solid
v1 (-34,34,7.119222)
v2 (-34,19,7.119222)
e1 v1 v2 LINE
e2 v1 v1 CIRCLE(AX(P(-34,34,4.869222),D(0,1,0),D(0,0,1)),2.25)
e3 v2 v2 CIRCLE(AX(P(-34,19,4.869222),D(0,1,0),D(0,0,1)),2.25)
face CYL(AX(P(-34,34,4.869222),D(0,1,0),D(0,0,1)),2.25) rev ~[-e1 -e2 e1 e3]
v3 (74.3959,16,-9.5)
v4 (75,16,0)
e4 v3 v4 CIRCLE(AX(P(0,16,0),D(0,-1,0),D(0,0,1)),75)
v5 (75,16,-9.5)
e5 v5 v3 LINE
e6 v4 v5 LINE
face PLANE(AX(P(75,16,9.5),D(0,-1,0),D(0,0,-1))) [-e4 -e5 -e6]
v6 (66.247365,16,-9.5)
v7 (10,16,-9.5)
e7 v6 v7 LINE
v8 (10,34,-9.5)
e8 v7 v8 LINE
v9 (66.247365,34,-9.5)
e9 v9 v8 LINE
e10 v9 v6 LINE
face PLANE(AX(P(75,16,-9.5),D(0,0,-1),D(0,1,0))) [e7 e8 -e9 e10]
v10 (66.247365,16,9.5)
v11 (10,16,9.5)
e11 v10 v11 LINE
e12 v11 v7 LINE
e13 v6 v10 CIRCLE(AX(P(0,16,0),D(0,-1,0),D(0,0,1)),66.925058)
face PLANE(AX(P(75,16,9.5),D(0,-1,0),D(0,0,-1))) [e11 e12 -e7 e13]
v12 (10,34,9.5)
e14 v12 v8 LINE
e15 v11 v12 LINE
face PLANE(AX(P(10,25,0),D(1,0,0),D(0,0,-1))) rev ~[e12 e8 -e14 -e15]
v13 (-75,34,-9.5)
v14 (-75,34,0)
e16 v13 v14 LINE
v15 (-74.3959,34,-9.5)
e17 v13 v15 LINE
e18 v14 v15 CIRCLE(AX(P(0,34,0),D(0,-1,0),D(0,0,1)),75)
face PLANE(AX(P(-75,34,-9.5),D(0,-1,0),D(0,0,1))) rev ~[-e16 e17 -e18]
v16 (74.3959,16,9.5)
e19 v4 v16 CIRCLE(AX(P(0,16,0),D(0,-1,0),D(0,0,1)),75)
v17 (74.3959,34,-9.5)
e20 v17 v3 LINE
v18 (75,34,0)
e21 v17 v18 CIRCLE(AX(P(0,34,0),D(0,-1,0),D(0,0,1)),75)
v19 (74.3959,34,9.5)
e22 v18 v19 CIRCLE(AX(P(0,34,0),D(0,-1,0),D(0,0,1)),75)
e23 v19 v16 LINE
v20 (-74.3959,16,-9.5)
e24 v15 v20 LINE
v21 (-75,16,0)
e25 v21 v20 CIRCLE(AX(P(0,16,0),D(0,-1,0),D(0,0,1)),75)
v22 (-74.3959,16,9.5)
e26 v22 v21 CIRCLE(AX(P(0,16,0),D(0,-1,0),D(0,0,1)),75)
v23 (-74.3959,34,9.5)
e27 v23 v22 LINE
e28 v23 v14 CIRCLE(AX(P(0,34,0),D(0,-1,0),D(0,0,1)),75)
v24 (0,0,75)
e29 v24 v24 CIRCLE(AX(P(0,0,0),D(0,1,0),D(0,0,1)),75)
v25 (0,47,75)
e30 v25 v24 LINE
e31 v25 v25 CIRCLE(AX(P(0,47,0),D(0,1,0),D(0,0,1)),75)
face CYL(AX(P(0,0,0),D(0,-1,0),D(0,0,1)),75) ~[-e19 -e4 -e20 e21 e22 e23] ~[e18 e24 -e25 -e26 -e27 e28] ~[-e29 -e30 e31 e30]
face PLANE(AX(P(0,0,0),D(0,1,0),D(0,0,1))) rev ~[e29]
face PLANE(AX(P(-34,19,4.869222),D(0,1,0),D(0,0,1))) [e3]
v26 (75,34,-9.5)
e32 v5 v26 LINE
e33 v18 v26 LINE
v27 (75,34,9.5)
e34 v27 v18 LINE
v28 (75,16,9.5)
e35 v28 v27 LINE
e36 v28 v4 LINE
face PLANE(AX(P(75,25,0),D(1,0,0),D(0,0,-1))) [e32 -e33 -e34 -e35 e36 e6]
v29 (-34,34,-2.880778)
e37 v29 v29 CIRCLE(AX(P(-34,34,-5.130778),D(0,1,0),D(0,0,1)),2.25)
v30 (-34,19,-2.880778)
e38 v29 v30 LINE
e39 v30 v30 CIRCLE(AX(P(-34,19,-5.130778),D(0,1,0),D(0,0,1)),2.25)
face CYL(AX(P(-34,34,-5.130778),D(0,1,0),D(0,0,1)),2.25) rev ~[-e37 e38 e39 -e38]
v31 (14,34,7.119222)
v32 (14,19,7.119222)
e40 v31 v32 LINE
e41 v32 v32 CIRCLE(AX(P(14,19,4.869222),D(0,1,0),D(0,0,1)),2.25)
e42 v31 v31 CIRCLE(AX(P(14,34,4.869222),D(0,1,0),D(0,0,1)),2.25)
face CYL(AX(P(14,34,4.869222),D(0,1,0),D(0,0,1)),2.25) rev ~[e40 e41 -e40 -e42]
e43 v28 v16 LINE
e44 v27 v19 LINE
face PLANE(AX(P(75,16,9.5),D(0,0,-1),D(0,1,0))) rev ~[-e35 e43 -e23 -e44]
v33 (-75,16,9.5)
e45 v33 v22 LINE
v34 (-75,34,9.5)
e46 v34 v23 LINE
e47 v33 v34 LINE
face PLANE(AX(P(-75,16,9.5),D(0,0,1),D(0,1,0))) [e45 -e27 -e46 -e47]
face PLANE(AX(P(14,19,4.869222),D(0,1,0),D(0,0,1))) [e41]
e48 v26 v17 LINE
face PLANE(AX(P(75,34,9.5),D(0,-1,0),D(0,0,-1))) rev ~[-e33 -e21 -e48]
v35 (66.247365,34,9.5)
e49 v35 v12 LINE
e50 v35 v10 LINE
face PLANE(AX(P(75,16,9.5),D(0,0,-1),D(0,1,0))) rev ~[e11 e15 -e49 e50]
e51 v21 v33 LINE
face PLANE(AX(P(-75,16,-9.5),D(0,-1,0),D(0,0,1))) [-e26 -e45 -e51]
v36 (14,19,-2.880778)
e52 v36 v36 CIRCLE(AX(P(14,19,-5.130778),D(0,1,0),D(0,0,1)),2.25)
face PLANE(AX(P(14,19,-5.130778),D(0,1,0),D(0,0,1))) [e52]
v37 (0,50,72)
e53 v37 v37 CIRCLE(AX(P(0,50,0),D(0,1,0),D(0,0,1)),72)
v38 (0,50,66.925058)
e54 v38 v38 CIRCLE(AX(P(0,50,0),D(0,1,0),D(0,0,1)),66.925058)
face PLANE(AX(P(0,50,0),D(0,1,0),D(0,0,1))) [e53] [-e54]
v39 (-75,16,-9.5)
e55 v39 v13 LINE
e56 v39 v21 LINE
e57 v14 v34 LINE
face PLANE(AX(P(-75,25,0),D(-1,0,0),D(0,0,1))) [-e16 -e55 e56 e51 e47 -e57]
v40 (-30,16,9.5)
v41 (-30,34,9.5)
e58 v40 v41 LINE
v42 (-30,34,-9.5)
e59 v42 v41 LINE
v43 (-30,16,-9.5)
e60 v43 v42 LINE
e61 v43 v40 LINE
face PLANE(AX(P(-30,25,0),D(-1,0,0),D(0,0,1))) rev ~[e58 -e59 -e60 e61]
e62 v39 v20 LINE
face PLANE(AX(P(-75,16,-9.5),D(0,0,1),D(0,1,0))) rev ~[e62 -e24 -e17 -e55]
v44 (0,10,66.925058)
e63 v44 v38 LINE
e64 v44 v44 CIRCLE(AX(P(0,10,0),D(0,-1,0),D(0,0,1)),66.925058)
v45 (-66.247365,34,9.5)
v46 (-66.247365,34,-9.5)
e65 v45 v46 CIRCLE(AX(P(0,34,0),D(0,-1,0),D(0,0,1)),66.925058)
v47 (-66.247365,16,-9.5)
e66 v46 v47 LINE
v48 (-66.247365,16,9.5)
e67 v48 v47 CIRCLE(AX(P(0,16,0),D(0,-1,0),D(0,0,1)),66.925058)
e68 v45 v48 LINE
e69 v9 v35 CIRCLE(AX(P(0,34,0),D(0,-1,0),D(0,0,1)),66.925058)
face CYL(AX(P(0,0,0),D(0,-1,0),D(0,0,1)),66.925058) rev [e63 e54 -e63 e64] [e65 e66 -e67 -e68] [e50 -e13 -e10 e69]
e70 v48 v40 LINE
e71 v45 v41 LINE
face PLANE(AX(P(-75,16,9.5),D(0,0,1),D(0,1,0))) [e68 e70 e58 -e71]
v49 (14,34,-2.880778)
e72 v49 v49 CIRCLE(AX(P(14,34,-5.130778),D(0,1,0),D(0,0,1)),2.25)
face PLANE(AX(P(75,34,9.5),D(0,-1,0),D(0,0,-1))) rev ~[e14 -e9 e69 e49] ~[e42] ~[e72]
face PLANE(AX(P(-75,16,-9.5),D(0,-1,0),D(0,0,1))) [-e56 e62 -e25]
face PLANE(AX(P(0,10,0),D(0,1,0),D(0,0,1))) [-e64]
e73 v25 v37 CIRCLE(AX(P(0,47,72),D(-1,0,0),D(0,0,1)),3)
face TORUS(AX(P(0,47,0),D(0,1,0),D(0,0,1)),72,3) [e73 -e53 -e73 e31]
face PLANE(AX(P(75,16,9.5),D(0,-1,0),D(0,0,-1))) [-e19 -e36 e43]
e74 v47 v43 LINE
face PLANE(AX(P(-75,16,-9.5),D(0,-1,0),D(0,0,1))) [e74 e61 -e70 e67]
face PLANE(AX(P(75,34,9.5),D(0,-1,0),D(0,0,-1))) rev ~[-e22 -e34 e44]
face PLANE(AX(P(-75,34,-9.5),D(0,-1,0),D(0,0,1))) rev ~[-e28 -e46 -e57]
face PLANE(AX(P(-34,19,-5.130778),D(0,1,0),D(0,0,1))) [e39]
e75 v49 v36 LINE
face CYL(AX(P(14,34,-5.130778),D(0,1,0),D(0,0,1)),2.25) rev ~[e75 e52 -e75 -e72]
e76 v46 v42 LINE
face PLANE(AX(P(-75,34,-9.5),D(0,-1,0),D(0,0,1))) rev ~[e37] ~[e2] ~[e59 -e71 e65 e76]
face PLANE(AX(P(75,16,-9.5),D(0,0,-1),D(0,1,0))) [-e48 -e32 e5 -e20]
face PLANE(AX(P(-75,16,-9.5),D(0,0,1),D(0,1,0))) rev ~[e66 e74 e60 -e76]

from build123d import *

# Parameters (mm, degrees)
SKETCH1_R           = 75
BOSS_EXTRUDE3_DEPTH = 10
SKETCH1_4_R         = 75
SKETCH1_4_R_2       = 66.925057636
BOSS_EXTRUDE4_DEPTH = 50
SKETCH3_W           = 19
SKETCH3_H           = 18
BOSS_EXTRUDE5_DEPTH = 65
SKETCH4_W           = 19
SKETCH4_H           = 18
BOSS_EXTRUDE6_DEPTH = 45
SKETCH5_R           = 2.25
CUT_EXTRUDE1_DEPTH  = 15
FILLET2_R           = 3


with BuildPart() as part:
    # Sketch1 → Boss-Extrude3 (new body)
    with BuildSketch(Plane(origin=(0, 0, 0), x_dir=(1, 0, 0), z_dir=(0, 1, 0))):
        Circle(SKETCH1_R)
    extrude(amount=BOSS_EXTRUDE3_DEPTH)

    # Sketch1<4> → Boss-Extrude4 (add)
    with BuildSketch(Plane(origin=(0, 0, 0), x_dir=(1, 0, 0), z_dir=(0, 1, 0))):
        Circle(SKETCH1_4_R)
        Circle(SKETCH1_4_R_2, mode=Mode.SUBTRACT)
    extrude(amount=BOSS_EXTRUDE4_DEPTH)

    # Sketch3 → Boss-Extrude5 (add)
    with BuildSketch(Plane(origin=(75, 50, 0), x_dir=(0, 0, -1), z_dir=(1, 0, 0))):
        with Locations((0, -25)):
            Rectangle(SKETCH3_W, SKETCH3_H)
    extrude(amount=-BOSS_EXTRUDE5_DEPTH)

    # Sketch4 → Boss-Extrude6 (add)
    with BuildSketch(Plane(origin=(-75, 50, 0), x_dir=(0, 0, 1), z_dir=(-1, 0, 0))):
        with Locations((0, -25)):
            Rectangle(SKETCH4_W, SKETCH4_H)
    extrude(amount=-BOSS_EXTRUDE6_DEPTH)

    # Sketch5 → Cut-Extrude1 (cut)
    with BuildSketch(Plane(origin=(0, 34, 0), x_dir=(1, 0, 0), z_dir=(0, 1, 0))):
        with Locations((14, 5.130777808)):
            Circle(SKETCH5_R)
        with Locations((14, -4.869222192)):
            Circle(SKETCH5_R)
        with Locations((-34, 5.130777808)):
            Circle(SKETCH5_R)
        with Locations((-34, -4.869222192)):
            Circle(SKETCH5_R)
    extrude(amount=-CUT_EXTRUDE1_DEPTH, mode=Mode.SUBTRACT)

    # Fillet2
    fillet2_edges = [part.edges().sort_by_distance(p)[0] for p in [
        (-75, 50, 0),
    ]]
    fillet(fillet2_edges, radius=FILLET2_R)


solid = part.part
